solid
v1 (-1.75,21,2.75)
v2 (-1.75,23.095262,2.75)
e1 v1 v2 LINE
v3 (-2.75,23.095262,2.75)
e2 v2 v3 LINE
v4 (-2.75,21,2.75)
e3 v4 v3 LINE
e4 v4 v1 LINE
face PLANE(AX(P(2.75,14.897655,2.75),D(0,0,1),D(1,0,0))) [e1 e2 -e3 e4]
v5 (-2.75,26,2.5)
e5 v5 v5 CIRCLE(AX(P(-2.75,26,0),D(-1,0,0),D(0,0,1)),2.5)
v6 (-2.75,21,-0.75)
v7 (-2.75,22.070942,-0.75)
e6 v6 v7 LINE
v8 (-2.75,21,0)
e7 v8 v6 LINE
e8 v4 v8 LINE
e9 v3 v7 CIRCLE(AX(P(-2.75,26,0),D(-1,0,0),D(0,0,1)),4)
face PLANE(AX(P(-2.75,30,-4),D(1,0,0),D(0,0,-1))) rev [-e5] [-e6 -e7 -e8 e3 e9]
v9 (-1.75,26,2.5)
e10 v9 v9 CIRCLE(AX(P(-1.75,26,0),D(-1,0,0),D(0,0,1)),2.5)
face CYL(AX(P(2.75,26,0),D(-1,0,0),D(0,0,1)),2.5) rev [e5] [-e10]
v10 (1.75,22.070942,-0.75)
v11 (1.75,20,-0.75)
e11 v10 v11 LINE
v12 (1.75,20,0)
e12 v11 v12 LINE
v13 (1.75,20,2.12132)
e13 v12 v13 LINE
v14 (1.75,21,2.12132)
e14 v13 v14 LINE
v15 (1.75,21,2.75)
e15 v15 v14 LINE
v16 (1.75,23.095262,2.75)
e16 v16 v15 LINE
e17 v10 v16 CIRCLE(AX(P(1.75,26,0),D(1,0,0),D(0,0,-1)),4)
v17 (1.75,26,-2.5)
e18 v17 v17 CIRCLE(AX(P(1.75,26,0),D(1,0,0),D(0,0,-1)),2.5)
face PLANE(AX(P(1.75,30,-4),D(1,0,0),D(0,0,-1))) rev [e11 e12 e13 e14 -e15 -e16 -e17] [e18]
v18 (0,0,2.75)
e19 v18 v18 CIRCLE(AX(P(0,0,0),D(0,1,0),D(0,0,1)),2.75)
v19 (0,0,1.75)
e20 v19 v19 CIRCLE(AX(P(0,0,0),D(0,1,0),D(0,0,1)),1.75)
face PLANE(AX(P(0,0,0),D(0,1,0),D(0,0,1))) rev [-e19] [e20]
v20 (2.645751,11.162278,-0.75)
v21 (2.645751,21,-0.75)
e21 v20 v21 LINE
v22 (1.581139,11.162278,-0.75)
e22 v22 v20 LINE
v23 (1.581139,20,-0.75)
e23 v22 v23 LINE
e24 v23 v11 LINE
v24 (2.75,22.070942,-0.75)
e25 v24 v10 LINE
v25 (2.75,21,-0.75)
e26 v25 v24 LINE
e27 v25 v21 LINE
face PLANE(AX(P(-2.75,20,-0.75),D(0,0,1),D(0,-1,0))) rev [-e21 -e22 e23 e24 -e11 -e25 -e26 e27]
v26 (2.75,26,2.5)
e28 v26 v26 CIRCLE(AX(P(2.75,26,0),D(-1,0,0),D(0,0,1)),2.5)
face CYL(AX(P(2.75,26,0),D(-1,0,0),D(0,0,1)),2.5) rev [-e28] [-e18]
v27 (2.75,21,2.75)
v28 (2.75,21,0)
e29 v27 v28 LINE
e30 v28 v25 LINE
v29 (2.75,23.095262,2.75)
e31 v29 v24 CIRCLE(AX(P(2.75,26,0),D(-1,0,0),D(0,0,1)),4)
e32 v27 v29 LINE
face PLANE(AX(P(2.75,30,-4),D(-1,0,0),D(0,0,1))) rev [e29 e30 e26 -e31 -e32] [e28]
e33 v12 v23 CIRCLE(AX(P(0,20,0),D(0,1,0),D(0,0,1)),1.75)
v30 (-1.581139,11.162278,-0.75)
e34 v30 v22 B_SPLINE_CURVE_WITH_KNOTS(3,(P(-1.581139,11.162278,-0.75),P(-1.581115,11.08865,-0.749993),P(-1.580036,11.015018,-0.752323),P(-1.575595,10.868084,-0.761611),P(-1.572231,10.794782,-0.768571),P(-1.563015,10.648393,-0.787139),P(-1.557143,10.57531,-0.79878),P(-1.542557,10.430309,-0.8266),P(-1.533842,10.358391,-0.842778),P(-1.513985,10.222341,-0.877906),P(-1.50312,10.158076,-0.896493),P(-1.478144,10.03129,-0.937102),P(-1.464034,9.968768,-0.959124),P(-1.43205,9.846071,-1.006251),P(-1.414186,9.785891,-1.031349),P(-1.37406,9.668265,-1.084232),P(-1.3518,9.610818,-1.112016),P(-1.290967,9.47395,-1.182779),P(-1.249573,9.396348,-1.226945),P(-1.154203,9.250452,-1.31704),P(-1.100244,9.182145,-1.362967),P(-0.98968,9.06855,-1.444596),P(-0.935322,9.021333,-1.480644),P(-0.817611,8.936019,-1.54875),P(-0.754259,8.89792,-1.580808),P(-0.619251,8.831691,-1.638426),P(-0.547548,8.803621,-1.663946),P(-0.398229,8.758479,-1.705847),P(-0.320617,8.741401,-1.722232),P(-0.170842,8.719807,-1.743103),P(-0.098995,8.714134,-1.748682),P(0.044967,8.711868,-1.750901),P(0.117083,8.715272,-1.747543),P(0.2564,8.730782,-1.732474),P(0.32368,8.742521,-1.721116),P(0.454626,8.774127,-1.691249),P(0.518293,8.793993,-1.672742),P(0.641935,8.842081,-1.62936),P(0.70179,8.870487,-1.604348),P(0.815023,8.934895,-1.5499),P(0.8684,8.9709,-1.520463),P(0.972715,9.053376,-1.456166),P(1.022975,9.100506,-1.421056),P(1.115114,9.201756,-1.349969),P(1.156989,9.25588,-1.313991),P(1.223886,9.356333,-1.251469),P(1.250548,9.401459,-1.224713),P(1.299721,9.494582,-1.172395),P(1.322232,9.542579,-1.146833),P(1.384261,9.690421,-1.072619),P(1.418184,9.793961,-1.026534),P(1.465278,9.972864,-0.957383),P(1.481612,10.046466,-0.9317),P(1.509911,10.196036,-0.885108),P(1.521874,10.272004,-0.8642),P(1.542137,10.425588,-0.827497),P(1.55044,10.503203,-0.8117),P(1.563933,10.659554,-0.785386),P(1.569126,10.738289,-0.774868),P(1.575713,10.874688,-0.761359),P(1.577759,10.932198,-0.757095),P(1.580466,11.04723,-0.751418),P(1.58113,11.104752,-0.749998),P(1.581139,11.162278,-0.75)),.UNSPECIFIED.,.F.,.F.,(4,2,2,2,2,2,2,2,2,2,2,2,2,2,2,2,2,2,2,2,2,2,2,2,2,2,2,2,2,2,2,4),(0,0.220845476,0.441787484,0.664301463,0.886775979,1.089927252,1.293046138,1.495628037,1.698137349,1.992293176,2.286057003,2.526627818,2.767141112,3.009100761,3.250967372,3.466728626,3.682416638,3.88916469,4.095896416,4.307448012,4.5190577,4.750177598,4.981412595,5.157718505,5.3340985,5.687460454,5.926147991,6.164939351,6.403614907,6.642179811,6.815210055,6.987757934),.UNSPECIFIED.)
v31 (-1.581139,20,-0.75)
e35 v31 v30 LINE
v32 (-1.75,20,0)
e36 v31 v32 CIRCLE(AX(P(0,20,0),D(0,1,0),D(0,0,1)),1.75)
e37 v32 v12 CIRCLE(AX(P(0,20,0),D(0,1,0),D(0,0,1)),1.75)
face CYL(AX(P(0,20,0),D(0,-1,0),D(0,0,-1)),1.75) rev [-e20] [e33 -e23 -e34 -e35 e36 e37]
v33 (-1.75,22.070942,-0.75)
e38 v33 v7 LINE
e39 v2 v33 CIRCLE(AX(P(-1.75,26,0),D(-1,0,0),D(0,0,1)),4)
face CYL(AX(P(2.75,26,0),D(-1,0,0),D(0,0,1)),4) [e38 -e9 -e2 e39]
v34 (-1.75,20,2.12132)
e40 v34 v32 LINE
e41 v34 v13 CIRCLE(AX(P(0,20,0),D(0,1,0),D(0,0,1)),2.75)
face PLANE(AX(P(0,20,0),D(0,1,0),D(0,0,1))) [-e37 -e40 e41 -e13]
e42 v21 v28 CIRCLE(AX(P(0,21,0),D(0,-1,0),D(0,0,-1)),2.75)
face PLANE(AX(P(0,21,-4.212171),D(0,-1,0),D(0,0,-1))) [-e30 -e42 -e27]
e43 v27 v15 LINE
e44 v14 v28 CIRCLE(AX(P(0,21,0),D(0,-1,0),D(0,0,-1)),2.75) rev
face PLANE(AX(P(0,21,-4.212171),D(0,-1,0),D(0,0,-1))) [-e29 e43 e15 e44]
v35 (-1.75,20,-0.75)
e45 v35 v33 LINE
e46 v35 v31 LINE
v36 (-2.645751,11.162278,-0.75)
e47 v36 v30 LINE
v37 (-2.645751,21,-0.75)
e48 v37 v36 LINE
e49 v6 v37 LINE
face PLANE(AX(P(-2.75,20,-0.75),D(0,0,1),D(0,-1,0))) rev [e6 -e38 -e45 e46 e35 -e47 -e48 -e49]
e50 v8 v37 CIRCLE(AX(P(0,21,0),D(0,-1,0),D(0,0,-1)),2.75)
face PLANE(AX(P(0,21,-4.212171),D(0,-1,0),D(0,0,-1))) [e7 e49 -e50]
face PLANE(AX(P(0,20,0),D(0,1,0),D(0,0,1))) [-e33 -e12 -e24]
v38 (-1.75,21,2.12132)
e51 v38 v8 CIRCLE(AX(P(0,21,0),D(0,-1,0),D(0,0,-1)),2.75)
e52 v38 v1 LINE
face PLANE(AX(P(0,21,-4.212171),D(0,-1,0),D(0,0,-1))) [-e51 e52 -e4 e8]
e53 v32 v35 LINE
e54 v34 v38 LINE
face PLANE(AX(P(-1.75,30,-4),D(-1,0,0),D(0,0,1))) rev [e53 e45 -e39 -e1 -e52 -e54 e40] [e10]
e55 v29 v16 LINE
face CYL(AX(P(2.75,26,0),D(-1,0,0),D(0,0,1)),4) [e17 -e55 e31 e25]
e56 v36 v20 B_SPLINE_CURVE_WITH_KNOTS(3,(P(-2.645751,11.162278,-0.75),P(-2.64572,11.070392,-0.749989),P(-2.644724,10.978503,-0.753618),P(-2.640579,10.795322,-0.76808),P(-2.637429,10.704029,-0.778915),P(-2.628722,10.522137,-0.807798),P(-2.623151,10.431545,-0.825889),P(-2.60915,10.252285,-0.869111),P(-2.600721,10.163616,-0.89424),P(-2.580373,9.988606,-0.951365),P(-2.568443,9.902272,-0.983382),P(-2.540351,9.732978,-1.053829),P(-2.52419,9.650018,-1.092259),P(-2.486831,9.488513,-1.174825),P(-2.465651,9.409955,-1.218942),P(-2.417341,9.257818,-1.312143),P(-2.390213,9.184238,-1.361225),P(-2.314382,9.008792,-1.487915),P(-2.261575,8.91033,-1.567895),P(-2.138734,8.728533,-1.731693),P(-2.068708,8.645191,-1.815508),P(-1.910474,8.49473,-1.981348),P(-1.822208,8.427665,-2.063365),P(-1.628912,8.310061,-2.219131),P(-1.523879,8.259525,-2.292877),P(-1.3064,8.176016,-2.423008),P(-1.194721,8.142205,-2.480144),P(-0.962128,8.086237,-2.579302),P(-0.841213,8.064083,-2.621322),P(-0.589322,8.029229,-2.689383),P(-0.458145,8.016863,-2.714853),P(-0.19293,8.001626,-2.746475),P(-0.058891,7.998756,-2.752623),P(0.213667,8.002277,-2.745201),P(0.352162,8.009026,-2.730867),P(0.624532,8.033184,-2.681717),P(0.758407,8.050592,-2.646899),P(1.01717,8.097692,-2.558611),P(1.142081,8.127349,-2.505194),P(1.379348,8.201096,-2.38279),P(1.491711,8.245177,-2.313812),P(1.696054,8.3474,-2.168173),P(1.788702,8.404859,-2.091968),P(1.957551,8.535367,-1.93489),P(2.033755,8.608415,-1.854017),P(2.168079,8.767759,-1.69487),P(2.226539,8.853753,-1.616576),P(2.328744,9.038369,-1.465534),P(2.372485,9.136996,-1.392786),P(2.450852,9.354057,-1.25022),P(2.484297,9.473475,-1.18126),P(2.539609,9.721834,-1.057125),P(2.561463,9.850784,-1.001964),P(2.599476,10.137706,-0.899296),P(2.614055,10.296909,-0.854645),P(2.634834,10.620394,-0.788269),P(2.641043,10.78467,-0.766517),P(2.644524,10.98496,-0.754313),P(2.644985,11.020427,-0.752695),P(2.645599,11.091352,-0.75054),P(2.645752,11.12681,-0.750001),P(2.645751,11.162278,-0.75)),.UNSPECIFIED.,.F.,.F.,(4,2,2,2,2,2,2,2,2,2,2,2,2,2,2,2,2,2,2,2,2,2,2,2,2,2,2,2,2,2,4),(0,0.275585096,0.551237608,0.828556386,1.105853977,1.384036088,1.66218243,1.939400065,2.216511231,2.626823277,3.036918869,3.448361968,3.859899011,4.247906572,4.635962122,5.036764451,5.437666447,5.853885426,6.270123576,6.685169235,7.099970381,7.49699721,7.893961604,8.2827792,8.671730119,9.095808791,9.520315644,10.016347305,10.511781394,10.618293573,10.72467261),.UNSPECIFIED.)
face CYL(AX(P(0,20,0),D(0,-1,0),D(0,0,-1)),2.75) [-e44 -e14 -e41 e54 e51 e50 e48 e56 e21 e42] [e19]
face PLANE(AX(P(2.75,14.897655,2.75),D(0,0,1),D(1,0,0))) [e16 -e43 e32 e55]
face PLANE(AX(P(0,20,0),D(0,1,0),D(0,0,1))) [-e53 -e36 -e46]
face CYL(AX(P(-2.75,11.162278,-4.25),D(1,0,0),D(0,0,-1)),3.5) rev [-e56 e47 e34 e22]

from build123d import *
from build123d.topology import SkipClean

# Parameters (mm, degrees)
SKETCH_1_R               = 2.75
SKETCH_1_R_2             = 1.75
EXTRUDE_1_DEPTH          = 20
CUT_EXTRUDE_2_DEPTH      = 21.374616561
CUT_EXTRUDE_2_DEPTH_BACK = 21.374616561
SKETCH_3_W               = 1
SKETCH_3_H               = 8
EXTRUDE_3_DEPTH          = 10
SKETCH_4_R               = 2.5
CUT_EXTRUDE_5_DEPTH      = 31.761176848
CUT_EXTRUDE_8_DEPTH      = 1


with BuildPart() as part:
    # 草圖1 → 伸長1 (new body)
    with BuildSketch(Plane(origin=(0, 0, 0), x_dir=(1, 0, 0), z_dir=(0, 1, 0))):
        with Locations(Location((0, 0, 0), (0, 0, 270))):
            Circle(SKETCH_1_R)
        with Locations(Location((0, 0, 0), (0, 0, 270))):
            Circle(SKETCH_1_R_2, mode=Mode.SUBTRACT)
    extrude(amount=EXTRUDE_1_DEPTH)

    # 草圖2 → 伸長2 (cut, two sides: drawn at the far end of the back side and taken through both)
    with BuildSketch(Plane(origin=(0, 0, 0), x_dir=(0, 0, -1), z_dir=(1, 0, 0)).offset(-CUT_EXTRUDE_2_DEPTH_BACK)):
        with BuildLine():
            Line((0.75, 20), (0.75, 11.16227766))
            ThreePointArc((0.75, 11.16227766), (1.291960108, 9.291448967), (2.75, 8))
            Line((2.75, 8), (2.75, 20))
            Line((2.75, 20), (0.75, 20))
        make_face()
    extrude(amount=CUT_EXTRUDE_2_DEPTH + CUT_EXTRUDE_2_DEPTH_BACK, mode=Mode.SUBTRACT)

    # 草圖3 → 伸長3 (add)
    with BuildSketch(Plane(origin=(0, 20, 0), x_dir=(1, 0, 0), z_dir=(0, 1, 0))):
        with Locations((-2.25, 0)):
            Rectangle(SKETCH_3_W, SKETCH_3_H)
        with Locations((2.25, 0)):
            Rectangle(SKETCH_3_W, SKETCH_3_H)
    extrude(amount=EXTRUDE_3_DEPTH)

    # 草圖4 → 伸長5 (cut, through all)
    with BuildSketch(Plane.ZY.offset(2.75)):
        with BuildLine():
            Line((-4, 20), (-0.75, 20))
            Line((-0.75, 20), (-0.75, 22.070941589))
            ThreePointArc((-0.75, 22.070941589), (-3.082207, 23.450490242), (-4, 25.999999996))
            Line((-4, 25.999999996), (-4, 20))
        make_face()
        with BuildLine():
            Line((4, 20), (4, 26))
            ThreePointArc((4, 26), (3.674234614, 24.41886117), (2.75, 23.09526249))
            Line((2.75, 23.09526249), (2.75, 20))
            Line((2.75, 20), (4, 20))
        make_face()
        with BuildLine():
            Line((4, 30), (0, 30))
            ThreePointArc((0, 30), (2.828427125, 28.828427125), (4, 26))
            Line((4, 26), (4, 30))
        make_face()
        with BuildLine():
            Line((-4, 30), (-4, 25.999999996))
            ThreePointArc((-4, 25.999999996), (-2.828427126, 28.828427123), (0, 30))
            Line((0, 30), (-4, 30))
        make_face()
        with Locations((0, 26)):
            Circle(SKETCH_4_R)
    extrude(amount=-CUT_EXTRUDE_5_DEPTH, mode=Mode.SUBTRACT)

    # 草圖10 → 伸長8 (cut)
    with SkipClean():  # the faces are left unmerged after this step: merging them gives an invalid solid
        with BuildSketch(Plane.XZ.offset(-20)):
            with BuildLine():
                Line((0, 2.75), (-2.75, 2.75))
                Line((-2.75, 2.75), (-2.75, 0))
                ThreePointArc((-2.75, 0), (-1.944543648, 1.944543648), (0, 2.75))
            make_face()
            with BuildLine():
                Line((2.75, 0), (2.75, 2.75))
                Line((2.75, 2.75), (1.75, 2.75))
                Line((1.75, 2.75), (1.75, 2.121320344))
                ThreePointArc((1.75, 2.121320344), (2.487468593, 1.17260394), (2.75, 0))
            make_face()
            with BuildLine():
                Line((1.75, 2.75), (0, 2.75))
                ThreePointArc((0, 2.75), (0.929749712, 2.588062108), (1.75, 2.121320344))
                Line((1.75, 2.121320344), (1.75, 2.75))
            make_face()
            with BuildLine():
                ThreePointArc((-2.645751311, -0.75), (-2.723813146, -0.378605266), (-2.75, 0))
                Line((-2.75, 0), (-2.75, -0.75))
                Line((-2.75, -0.75), (-2.645751311, -0.75))
            make_face()
            with BuildLine():
                Line((2.75, -0.75), (2.75, 0))
                ThreePointArc((2.75, 0), (2.723813146, -0.378605266), (2.645751311, -0.75))
                Line((2.645751311, -0.75), (2.75, -0.75))
            make_face()
        extrude(amount=-CUT_EXTRUDE_8_DEPTH, mode=Mode.SUBTRACT)


solid = part.part
